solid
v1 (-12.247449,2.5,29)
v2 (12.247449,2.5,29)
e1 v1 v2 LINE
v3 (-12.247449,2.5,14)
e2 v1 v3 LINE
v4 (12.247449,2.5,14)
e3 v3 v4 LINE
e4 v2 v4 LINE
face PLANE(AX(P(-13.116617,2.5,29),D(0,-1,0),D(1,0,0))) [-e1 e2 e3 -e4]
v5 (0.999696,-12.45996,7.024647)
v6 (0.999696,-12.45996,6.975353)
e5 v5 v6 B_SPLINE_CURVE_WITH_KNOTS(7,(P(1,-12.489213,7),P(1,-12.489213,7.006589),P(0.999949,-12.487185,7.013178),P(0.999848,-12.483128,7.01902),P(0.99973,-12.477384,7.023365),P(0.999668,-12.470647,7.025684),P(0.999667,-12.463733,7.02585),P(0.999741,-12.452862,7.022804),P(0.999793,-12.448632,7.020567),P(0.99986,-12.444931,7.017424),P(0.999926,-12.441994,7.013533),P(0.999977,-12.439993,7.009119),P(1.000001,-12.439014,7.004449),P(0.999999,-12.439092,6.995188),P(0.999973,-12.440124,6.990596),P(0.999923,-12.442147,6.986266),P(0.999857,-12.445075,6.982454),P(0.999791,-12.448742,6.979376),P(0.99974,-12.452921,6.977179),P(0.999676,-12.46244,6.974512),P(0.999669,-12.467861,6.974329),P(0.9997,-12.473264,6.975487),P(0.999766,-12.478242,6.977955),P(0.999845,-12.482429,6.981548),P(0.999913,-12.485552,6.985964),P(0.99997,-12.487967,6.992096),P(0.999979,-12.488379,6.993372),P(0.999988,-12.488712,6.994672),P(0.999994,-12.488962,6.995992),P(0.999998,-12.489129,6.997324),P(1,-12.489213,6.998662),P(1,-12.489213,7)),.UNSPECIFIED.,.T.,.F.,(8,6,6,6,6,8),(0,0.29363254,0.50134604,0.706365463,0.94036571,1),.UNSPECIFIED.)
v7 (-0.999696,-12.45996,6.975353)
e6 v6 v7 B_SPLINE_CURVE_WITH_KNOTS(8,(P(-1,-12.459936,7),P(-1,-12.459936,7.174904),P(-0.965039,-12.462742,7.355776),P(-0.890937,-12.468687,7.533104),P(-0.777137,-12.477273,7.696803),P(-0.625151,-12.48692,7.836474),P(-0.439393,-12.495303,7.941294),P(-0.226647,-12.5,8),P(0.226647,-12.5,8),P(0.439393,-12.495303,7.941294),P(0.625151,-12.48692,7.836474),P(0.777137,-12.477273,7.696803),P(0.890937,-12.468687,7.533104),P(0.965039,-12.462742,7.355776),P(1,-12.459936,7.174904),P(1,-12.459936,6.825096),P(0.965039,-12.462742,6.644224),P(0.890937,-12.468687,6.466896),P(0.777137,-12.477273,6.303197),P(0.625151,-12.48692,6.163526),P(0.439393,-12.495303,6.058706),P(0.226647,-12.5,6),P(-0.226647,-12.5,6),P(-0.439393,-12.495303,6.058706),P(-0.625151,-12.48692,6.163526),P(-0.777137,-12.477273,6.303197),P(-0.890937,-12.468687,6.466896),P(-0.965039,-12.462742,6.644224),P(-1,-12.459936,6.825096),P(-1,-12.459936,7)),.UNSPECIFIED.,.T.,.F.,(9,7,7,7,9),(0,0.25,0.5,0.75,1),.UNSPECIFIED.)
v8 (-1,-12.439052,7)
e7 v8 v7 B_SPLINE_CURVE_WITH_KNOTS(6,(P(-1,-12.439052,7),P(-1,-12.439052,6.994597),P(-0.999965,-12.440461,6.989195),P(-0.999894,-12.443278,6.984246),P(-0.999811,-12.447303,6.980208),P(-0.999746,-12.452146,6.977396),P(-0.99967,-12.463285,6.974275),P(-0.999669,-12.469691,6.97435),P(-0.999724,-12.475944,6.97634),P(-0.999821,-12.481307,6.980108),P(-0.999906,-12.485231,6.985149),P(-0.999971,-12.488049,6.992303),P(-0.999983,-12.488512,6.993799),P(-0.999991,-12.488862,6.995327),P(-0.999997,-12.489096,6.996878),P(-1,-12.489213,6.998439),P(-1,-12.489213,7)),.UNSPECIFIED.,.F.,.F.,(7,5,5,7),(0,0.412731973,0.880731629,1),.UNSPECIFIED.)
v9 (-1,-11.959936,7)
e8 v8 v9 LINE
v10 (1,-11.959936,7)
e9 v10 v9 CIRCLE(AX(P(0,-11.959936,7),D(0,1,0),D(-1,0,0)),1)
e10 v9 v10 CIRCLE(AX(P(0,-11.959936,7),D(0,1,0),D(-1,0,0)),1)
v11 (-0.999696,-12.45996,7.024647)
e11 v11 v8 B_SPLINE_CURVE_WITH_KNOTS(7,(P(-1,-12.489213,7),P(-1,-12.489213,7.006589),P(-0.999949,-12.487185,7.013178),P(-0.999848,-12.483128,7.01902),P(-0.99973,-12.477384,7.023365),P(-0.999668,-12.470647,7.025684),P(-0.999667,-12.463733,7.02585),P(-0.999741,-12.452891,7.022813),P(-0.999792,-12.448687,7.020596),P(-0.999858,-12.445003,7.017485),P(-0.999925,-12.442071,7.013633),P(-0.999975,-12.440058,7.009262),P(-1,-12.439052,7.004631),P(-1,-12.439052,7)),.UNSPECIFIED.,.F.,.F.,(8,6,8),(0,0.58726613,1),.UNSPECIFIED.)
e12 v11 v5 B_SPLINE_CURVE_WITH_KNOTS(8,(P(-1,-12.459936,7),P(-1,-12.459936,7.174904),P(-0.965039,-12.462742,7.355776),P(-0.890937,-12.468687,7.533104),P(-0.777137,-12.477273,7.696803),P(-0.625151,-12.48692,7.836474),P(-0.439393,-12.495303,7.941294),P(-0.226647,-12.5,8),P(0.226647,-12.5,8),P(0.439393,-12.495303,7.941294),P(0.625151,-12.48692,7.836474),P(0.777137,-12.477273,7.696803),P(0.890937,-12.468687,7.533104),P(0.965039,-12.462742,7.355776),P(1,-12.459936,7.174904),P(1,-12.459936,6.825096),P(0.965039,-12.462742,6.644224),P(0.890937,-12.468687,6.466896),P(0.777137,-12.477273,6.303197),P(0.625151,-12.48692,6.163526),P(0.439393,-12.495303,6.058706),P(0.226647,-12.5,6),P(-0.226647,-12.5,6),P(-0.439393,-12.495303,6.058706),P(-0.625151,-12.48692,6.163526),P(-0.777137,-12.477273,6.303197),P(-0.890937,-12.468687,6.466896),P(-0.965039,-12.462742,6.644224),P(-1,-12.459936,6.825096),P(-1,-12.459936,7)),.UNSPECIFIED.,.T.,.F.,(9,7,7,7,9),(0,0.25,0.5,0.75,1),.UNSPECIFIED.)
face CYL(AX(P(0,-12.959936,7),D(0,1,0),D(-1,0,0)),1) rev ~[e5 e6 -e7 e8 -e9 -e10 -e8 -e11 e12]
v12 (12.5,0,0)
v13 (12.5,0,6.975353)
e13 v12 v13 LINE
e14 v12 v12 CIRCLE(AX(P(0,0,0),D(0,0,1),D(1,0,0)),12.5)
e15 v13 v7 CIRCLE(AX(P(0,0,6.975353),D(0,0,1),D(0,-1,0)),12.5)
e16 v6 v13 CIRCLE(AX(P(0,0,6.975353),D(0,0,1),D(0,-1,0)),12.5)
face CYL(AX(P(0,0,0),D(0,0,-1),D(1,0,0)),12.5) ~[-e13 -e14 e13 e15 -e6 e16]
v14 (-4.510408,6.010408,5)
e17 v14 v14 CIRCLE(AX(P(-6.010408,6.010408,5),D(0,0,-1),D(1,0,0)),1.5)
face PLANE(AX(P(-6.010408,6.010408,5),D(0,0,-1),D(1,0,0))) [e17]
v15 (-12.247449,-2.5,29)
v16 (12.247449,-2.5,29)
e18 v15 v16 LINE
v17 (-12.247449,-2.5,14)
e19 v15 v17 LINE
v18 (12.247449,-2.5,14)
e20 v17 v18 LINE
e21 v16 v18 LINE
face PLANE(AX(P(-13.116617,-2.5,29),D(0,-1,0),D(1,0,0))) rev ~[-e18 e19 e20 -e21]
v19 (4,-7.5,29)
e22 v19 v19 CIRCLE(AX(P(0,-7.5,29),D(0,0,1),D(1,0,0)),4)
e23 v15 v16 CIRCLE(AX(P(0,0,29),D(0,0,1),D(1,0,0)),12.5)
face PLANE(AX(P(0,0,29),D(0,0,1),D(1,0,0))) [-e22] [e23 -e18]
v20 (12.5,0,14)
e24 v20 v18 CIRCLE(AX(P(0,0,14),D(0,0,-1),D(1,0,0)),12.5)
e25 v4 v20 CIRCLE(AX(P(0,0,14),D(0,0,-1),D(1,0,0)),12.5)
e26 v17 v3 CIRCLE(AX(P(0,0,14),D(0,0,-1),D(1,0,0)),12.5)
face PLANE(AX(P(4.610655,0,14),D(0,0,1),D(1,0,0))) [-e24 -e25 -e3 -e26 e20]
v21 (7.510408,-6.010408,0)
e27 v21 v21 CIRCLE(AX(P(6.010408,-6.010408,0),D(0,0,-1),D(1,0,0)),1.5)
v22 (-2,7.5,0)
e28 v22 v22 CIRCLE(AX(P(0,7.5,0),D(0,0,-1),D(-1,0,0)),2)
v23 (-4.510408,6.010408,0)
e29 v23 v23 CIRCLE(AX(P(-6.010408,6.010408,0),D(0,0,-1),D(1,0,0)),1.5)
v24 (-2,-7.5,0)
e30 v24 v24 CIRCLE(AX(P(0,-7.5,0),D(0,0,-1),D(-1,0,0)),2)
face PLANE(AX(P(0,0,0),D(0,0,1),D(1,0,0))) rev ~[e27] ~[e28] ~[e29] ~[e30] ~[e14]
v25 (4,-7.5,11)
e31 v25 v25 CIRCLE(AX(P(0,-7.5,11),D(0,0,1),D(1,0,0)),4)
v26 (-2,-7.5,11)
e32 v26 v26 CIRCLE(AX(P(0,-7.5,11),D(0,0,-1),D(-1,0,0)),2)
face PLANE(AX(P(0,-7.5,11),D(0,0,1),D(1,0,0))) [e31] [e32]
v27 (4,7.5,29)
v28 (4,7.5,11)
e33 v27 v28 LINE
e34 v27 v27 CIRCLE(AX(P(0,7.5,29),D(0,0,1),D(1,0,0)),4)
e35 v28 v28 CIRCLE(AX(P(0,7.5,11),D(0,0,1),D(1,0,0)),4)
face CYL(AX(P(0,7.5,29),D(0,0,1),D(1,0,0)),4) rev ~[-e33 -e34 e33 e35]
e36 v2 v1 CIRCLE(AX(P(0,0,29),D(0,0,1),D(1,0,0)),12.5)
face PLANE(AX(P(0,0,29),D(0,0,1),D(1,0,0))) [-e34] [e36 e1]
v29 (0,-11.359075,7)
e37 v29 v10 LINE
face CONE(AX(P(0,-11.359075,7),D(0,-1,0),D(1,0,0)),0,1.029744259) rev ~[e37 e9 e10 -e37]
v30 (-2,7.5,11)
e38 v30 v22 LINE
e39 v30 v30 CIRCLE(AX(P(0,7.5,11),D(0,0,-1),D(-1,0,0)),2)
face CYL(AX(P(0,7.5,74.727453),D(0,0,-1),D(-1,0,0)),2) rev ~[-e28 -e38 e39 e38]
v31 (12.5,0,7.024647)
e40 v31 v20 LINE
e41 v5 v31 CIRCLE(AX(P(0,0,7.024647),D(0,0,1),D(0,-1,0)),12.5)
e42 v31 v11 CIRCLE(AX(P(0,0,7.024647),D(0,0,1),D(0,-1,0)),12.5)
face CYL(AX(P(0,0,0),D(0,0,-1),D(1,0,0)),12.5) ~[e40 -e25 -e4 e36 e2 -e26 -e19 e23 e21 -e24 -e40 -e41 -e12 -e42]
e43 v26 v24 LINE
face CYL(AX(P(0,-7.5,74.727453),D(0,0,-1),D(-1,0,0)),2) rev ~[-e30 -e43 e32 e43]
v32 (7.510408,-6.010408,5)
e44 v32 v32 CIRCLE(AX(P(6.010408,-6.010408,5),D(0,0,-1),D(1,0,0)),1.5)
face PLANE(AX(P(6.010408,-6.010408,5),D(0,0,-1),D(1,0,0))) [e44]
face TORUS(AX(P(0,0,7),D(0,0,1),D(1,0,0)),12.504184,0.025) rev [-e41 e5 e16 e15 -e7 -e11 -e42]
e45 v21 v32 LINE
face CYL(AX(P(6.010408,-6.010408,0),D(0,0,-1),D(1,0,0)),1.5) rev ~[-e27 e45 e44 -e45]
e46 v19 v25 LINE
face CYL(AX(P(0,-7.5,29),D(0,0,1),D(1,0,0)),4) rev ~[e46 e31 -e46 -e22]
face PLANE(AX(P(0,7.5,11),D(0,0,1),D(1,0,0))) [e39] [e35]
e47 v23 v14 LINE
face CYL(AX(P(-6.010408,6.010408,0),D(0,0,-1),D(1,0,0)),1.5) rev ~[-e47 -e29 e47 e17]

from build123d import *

# Parameters (mm, degrees)
F0_R      = 12.5
F1_DEPTH  = 29
F2_W      = 35.4545446894
F2_H      = 5
F3_DEPTH  = 15
F5_D      = 4
F4_R      = 4
F6_DEPTH  = 18
F9_D      = 2
F9_DEPTH  = 0.5
F9_START  = 0.0400643
F9_TIP    = 0.600860619
F10_R     = 0.025
F12_R     = 1.5
F13_DEPTH = 5


with BuildPart() as f1:
    # F0 (on Top) → F1 (new body)
    with BuildSketch(Plane.XY):
        Circle(F0_R)
    extrude(amount=F1_DEPTH)

    # F2 (on face) → F3 (cut)
    with BuildSketch(Plane.XY.offset(29)):
        with Locations((4.610654898, 0)):
            Rectangle(F2_W, F2_H)
    extrude(amount=-F3_DEPTH, mode=Mode.SUBTRACT)

    # F5 (through all)
    with Locations(Plane.XY.offset(29)):
        with Locations((0, 7.5), (0, -7.5)):
            Hole(F5_D / 2)

    # F4 (on face) → F6 (cut)
    with BuildSketch(Plane.XY.offset(29)):
        with Locations((0, 7.5)):
            Circle(F4_R)
        with Locations((0, -7.5)):
            Circle(F4_R)
    extrude(amount=-F6_DEPTH, mode=Mode.SUBTRACT)

    # F9
    # its depths count from where the whole tool has entered the part; down to there all is cleared
    with Locations(Plane.XZ.offset(12.5).offset(-F9_START)):
        with Locations((0, 7)):
            Hole(F9_D / 2, depth=F9_DEPTH)
            with Locations((0, 0, -(F9_DEPTH + F9_TIP / 2))):  # 118° drill point
                Cone(0, F9_D / 2, F9_TIP, mode=Mode.SUBTRACT)

    # F10 (on Front) → F11 (revolve, cut)
    with BuildSketch(Plane.XZ):
        with Locations((12.5041836873, 7)):
            Circle(F10_R)
    revolve(axis=Axis((0, 0, 4.1495896876), (0, 0, -1)), mode=Mode.SUBTRACT)

    # F12 (on face) → F13 (cut)
    with BuildSketch(Plane(origin=(0, 0, 0), x_dir=(1, 0, 0), z_dir=(0, 0, -1))):
        with Locations((6.0104076401, 6.0104076401)):
            Circle(F12_R)
        with Locations((-6.0104076401, -6.0104076401)):
            Circle(F12_R)
    extrude(amount=-F13_DEPTH, mode=Mode.SUBTRACT)


solid = f1.part
